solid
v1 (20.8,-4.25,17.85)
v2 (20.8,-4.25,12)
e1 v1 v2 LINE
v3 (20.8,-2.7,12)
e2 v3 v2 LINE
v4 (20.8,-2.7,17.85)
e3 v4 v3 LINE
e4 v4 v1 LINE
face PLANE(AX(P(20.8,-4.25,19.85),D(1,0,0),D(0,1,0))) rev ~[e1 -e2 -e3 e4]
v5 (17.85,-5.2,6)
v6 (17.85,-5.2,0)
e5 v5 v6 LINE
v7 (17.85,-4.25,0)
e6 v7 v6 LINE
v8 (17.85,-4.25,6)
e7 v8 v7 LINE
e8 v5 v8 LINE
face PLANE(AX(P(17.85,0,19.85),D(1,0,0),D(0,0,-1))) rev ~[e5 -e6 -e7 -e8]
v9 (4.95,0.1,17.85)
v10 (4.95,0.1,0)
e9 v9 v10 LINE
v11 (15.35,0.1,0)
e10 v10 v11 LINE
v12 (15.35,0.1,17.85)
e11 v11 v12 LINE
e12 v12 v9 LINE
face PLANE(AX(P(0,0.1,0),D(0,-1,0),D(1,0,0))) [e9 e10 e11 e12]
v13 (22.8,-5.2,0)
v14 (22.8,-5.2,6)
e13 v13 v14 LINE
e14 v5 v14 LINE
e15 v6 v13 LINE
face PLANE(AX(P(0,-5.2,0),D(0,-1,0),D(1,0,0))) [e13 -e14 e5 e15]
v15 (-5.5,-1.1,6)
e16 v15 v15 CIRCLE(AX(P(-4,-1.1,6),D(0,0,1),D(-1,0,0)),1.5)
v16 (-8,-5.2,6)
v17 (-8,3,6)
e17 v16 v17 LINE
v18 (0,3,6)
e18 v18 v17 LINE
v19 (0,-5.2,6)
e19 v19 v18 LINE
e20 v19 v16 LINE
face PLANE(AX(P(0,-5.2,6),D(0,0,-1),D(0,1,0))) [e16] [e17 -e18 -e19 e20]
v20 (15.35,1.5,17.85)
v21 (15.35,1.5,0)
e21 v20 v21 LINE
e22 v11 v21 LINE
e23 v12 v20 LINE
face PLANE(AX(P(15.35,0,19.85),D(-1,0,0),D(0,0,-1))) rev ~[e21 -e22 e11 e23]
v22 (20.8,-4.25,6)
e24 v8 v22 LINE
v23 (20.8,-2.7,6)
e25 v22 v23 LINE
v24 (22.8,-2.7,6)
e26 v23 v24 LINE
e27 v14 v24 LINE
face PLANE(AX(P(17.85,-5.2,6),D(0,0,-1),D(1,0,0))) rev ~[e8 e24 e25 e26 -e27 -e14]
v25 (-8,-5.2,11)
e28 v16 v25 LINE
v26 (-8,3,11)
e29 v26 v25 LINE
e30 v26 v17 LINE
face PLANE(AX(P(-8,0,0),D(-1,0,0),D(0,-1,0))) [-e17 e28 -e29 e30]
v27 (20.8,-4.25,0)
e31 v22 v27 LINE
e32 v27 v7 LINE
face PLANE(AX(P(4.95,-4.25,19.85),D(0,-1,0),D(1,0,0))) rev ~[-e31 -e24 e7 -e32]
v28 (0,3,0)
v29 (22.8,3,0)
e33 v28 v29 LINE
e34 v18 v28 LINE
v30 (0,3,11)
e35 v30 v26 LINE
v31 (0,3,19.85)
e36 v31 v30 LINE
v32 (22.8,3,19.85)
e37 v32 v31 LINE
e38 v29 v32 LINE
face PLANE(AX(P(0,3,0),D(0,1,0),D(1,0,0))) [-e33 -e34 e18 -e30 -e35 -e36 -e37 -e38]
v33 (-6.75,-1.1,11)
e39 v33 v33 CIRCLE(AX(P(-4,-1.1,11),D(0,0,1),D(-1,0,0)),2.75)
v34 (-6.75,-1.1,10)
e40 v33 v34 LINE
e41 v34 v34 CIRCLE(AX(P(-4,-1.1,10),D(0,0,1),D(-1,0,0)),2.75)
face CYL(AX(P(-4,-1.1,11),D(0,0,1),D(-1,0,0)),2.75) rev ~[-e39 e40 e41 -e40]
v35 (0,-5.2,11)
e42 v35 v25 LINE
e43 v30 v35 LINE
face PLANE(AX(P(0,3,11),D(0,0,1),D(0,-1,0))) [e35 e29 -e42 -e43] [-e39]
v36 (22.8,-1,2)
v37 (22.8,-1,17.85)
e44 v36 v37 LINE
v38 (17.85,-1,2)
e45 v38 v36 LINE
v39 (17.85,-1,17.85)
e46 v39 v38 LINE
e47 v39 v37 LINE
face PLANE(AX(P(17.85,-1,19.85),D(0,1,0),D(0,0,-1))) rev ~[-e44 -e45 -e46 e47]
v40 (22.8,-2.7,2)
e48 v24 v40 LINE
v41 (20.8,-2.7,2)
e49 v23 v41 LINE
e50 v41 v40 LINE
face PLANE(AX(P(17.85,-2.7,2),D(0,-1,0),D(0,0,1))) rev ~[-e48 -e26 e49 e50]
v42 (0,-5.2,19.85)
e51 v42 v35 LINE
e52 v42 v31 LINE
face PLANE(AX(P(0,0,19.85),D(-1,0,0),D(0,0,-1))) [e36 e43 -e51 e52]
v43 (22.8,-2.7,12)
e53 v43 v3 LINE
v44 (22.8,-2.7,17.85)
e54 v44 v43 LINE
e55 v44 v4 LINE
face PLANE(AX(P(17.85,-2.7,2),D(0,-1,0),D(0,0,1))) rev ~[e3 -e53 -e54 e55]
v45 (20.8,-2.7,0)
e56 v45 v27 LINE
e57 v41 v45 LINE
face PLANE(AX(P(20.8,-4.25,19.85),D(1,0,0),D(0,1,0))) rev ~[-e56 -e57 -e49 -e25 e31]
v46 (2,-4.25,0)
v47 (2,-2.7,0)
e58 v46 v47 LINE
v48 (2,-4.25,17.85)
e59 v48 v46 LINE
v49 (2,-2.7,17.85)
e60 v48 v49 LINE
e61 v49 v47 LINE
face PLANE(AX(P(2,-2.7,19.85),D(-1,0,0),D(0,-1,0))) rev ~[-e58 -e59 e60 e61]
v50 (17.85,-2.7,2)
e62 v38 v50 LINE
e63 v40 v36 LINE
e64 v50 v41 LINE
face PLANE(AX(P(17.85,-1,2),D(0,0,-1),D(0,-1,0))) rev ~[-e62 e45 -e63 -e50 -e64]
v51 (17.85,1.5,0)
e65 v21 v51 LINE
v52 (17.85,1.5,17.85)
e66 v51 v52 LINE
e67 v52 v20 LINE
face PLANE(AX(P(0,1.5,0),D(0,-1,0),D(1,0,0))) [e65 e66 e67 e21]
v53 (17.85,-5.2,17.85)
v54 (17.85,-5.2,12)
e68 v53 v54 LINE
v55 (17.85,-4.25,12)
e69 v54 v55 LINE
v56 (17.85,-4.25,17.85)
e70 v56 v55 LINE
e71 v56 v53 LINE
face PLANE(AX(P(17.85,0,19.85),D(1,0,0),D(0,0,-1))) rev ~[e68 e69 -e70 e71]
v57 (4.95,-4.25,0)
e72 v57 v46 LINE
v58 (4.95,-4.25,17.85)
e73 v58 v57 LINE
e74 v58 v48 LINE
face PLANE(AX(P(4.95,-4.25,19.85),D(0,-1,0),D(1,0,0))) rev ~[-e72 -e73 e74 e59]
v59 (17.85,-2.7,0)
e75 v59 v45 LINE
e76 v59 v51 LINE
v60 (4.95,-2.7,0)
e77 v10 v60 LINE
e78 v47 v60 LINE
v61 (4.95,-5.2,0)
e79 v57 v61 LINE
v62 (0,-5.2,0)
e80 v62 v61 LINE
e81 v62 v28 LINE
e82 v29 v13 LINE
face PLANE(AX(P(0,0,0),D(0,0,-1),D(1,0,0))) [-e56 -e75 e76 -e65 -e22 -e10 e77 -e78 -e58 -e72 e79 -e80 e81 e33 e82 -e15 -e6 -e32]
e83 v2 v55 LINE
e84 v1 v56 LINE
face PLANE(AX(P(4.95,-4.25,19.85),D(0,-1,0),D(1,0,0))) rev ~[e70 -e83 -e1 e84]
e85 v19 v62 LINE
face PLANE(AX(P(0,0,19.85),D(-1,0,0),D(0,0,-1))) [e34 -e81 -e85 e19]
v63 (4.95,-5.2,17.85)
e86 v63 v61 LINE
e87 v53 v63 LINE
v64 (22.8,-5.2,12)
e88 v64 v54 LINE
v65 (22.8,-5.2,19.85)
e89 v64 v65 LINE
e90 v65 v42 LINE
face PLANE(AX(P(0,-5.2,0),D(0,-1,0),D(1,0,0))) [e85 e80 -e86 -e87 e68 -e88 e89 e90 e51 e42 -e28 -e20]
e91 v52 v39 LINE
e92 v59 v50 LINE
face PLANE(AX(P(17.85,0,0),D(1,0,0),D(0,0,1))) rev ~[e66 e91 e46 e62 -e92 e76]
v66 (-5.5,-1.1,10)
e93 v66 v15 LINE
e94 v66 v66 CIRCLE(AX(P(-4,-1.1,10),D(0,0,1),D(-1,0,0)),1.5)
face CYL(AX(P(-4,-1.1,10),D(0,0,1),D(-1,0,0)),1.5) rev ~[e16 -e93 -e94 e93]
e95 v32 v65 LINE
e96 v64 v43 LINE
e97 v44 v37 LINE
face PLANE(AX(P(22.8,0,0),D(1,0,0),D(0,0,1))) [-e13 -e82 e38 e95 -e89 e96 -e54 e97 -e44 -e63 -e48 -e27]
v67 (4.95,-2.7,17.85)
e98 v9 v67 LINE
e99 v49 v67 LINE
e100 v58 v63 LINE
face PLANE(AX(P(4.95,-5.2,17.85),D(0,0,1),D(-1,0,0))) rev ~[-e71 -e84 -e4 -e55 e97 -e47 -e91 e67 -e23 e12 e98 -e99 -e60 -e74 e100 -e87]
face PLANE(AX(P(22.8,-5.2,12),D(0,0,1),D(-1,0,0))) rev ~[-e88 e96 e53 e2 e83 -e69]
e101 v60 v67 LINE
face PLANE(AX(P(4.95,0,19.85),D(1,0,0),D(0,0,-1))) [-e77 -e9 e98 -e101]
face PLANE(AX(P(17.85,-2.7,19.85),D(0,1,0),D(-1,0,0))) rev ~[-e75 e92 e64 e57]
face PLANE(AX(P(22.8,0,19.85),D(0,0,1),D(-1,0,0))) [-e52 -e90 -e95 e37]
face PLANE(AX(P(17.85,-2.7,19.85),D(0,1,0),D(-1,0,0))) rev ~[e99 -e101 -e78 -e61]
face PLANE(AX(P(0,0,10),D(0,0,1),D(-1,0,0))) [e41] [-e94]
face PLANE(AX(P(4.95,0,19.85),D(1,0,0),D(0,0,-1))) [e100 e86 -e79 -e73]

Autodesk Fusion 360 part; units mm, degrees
sketch "Sketch1" plane through (0, 0, 0) normal (0, 1, 0) x (1, 0, 0)
  line L0 (0, 0) -> (22.8, 0)
  line L1 (22.8, 0) -> (22.8, -19.85)
  line L2 (22.8, -19.85) -> (0, -19.85)
  line L3 (0, -19.85) -> (0, 0)
  dimension "d8" = 19.85
  dimension "d9" = 22.8
extrude "Extrude1" add sketch "Sketch1" along normal blind 3
sketch "Sketch2" plane through (0, 0, 0) normal (0, 1, 0) x (1, 0, 0)
  circle A0 centre (6.5, -15.16) radius 0.875
  circle A1 centre (6.5, -2.5) radius 0.875
  line L0 (0, -19.85) -> (0, 0)
  line L1 (0, 0) -> (22.8, 0)
  dimension "d3" = 1.75
  dimension "d4" = 1.75
  dimension "d5" = 12.66
  dimension "d6" = 6.5
  dimension "d7" = 2.5
sketch "Sketch4" plane through (0, 0, 0) normal (0, -1, 0) x (1, 0, 0)
  line L0 (22.8, 19.85) -> (0, 19.85)
  line L1 (0, 19.85) -> (0, 0)
  line L2 (0, 0) -> (22.8, 0)
  line L3 (22.8, 0) -> (22.8, 19.85)
  line L4 (0, 19.85) -> (4.95, 19.85)
  line L5 (4.95, 19.85) -> (4.95, 0)
  line L6 (4.95, 0) -> (0, 0)
  line L7 (0, 0) -> (0, 19.85)
  line L8 (22.8, 19.85) -> (17.85, 19.85)
  line L9 (17.85, 19.85) -> (17.85, 0)
  line L10 (17.85, 0) -> (22.8, 0)
  line L11 (22.8, 0) -> (22.8, 19.85)
  dimension "d12" = 4.95
  dimension "d13" = 4.95
extrude "Extrude3" add sketch "Sketch4" along normal blind 5.2 contours L0 L2 L3 L8 L9 L10 L11 | L0 L1 L2 L4 L5 L6 L7
sketch "Sketch5" plane through (0, 0, 19.85) normal (0, 0, 1) x (-1, 0, 0)
  line L0 (-22.8, 5.2) -> (-22.8, -3)
  line L1 (-22.8, -3) -> (0, -3)
  line L2 (0, -3) -> (0, 5.2)
  line L3 (0, 5.2) -> (-4.95, 5.2)
  line L4 (-4.95, 5.2) -> (-4.95, 0)
  line L5 (-4.95, 0) -> (-17.85, 0)
  line L6 (-17.85, 0) -> (-17.85, 5.2)
  line L7 (-17.85, 5.2) -> (-22.8, 5.2)
  line L8 (-2, 4.25) -> (-20.8, 4.25)
  line L9 (-20.8, 4.25) -> (-20.8, 2.7)
  line L10 (-20.8, 2.7) -> (-2, 2.7)
  line L11 (-2, 2.7) -> (-2, 4.25)
  dimension "d16" = 2
  dimension "d17" = 2.7
  dimension "d18" = 1.55
  dimension "d19" = 2
extrude "Extrude4" cut sketch "Sketch5" against normal blind 21 contours L4 L6 L8 L10 | L6 L8 L9 L10 | L4 L8 L10 L11
sketch "Sketch6" plane through (0, 0, 0) normal (0, -1, 0) x (1, 0, 0)
  line L0 (17.85, 0) -> (17.85, 19.85)
  line L1 (17.85, 19.85) -> (4.95, 19.85)
  line L2 (4.95, 19.85) -> (4.95, 0)
  line L3 (4.95, 0) -> (17.85, 0)
  line L4 (17.85, 19.85) -> (15.35, 19.85)
  line L5 (15.35, 19.85) -> (15.35, 0)
  line L6 (15.35, 0) -> (17.85, 0)
  line L7 (17.85, 0) -> (17.85, 19.85)
  dimension "d22" = 2.5
extrude "Extrude5" cut sketch "Sketch6" against normal blind 1.5 contours L0 L1 L3 L4 L5 L6 L7
sketch "Sketch7" plane through (17.85, 0, 0) normal (-1, 0, 0) x (0, -1, 0)
  line L0 (2.7, 0) -> (2.7, 19.85)
  line L1 (2.7, 19.85) -> (-1.5, 19.85)
  line L2 (-1.5, 19.85) -> (-1.5, 0)
  line L3 (-1.5, 0) -> (2.7, 0)
  line L4 (2.7, 19.85) -> (1, 19.85)
  line L5 (1, 19.85) -> (1, 2)
  line L6 (1, 2) -> (2.7, 2)
  line L7 (2.7, 2) -> (2.7, 19.85)
  dimension "d25" = 2.5
  dimension "d26" = 2
  dimension "d27" = 1.7
extrude "Extrude6" cut sketch "Sketch7" against normal blind 13 contours L0 L1 L4 L5 L6 L7
sketch "Sketch8" plane through (0, -5.2, 0) normal (0, -1, 0) x (1, 0, 0)
  line L0 (0, 0) -> (4.95, 0)
  line L1 (4.95, 0) -> (4.95, 19.85)
  line L2 (4.95, 19.85) -> (0, 19.85)
  line L3 (0, 19.85) -> (0, 0)
  line L4 (0, 19.85) -> (22.8, 19.85)
  line L5 (22.8, 19.85) -> (22.8, 17.85)
  line L6 (22.8, 17.85) -> (0, 17.85)
  line L7 (0, 17.85) -> (0, 19.85)
  dimension "d30" = 2
  dimension "d31" = 22.8
extrude "Extrude7" add sketch "Sketch8" against normal blind 8 contours L1 L2 L3 L4 L6 L7 | L1 L4 L5 L6
sketch "Sketch9" plane through (0, -5.2, 0) normal (0, -1, 0) x (1, 0, 0)
  line L0 (17.85, 17.85) -> (17.85, 0)
  line L1 (17.85, 0) -> (22.8, 0)
  line L2 (22.8, 0) -> (22.8, 19.85)
  line L3 (22.8, 19.85) -> (0, 19.85)
  line L4 (0, 19.85) -> (0, 0)
  line L5 (0, 0) -> (4.95, 0)
  line L6 (4.95, 0) -> (4.95, 17.85)
  line L7 (4.95, 17.85) -> (17.85, 17.85)
  line L8 (17.85, 6) -> (22.8, 6)
  line L9 (22.8, 6) -> (22.8, 12)
  line L10 (22.8, 12) -> (17.85, 12)
  line L11 (17.85, 12) -> (17.85, 6)
  dimension "d34" = 6
  dimension "d35" = 6
extrude "Extrude8" cut sketch "Sketch9" against normal blind 3 contours L0 L2 L8 L9 L10 L11
sketch "Sketch10" plane through (0, 0, 0) normal (-1, 0, 0) x (0, -1, 0)
  line L0 (5.2, 19.85) -> (-3, 19.85)
  line L1 (-3, 19.85) -> (-3, 0)
  line L2 (-3, 0) -> (5.2, 0)
  line L3 (5.2, 0) -> (5.2, 19.85)
  line L4 (-3, 11) -> (5.2, 11)
  line L5 (5.2, 11) -> (5.2, 6)
  line L6 (5.2, 6) -> (-3, 6)
  line L7 (-3, 6) -> (-3, 11)
  dimension "d38" = 5
  dimension "d39" = 6
extrude "Extrude9" add sketch "Sketch10" along normal blind 8 contours L1 L3 L4 L5 L6 L7
sketch "Sketch11" plane through (0, 0, 11) normal (0, 0, 1) x (-1, 0, 0)
  line L0 (0, 5.2) -> (0, -3)
  line L1 (0, -3) -> (8, -3)
  line L2 (8, -3) -> (8, 5.2)
  line L3 (8, 5.2) -> (0, 5.2)
  circle A0 centre (4, 1.1) radius 2.75
  dimension "d42" = 4.1
  dimension "d43" = 4
  dimension "d44" = 5.5
extrude "Extrude10" cut sketch "Sketch11" against normal blind 1 contours A0
sketch "Sketch12" plane through (0, 0, 10) normal (0, 0, 1) x (-1, 0, 0)
  circle A0 centre (4, 1.1) radius 2.75
  circle A1 centre (4, 1.1) radius 1.5
  dimension "d47" = 3
extrude "Extrude11" cut sketch "Sketch12" against normal blind 4 contours A1
sketch "Sketch13" plane through (0, 0, 0) normal (0, -1, 0) x (1, 0, 0)
  line L0 (15.35, 17.85) -> (4.95, 17.85)
  line L1 (4.95, 17.85) -> (4.95, 0)
  line L2 (4.95, 0) -> (15.35, 0)
  line L3 (15.35, 0) -> (15.35, 17.85)
  line L4 (15.35, 17.85) -> (4.95, 17.85)
  line L5 (4.95, 17.85) -> (4.95, 0)
  line L6 (4.95, 0) -> (15.35, 0)
  line L7 (15.35, 0) -> (15.35, 17.85)
extrude "Extrude12" cut sketch "Sketch13" against normal blind 0.1
equation "d14 = 2.5 mm + 2.7 mm"
